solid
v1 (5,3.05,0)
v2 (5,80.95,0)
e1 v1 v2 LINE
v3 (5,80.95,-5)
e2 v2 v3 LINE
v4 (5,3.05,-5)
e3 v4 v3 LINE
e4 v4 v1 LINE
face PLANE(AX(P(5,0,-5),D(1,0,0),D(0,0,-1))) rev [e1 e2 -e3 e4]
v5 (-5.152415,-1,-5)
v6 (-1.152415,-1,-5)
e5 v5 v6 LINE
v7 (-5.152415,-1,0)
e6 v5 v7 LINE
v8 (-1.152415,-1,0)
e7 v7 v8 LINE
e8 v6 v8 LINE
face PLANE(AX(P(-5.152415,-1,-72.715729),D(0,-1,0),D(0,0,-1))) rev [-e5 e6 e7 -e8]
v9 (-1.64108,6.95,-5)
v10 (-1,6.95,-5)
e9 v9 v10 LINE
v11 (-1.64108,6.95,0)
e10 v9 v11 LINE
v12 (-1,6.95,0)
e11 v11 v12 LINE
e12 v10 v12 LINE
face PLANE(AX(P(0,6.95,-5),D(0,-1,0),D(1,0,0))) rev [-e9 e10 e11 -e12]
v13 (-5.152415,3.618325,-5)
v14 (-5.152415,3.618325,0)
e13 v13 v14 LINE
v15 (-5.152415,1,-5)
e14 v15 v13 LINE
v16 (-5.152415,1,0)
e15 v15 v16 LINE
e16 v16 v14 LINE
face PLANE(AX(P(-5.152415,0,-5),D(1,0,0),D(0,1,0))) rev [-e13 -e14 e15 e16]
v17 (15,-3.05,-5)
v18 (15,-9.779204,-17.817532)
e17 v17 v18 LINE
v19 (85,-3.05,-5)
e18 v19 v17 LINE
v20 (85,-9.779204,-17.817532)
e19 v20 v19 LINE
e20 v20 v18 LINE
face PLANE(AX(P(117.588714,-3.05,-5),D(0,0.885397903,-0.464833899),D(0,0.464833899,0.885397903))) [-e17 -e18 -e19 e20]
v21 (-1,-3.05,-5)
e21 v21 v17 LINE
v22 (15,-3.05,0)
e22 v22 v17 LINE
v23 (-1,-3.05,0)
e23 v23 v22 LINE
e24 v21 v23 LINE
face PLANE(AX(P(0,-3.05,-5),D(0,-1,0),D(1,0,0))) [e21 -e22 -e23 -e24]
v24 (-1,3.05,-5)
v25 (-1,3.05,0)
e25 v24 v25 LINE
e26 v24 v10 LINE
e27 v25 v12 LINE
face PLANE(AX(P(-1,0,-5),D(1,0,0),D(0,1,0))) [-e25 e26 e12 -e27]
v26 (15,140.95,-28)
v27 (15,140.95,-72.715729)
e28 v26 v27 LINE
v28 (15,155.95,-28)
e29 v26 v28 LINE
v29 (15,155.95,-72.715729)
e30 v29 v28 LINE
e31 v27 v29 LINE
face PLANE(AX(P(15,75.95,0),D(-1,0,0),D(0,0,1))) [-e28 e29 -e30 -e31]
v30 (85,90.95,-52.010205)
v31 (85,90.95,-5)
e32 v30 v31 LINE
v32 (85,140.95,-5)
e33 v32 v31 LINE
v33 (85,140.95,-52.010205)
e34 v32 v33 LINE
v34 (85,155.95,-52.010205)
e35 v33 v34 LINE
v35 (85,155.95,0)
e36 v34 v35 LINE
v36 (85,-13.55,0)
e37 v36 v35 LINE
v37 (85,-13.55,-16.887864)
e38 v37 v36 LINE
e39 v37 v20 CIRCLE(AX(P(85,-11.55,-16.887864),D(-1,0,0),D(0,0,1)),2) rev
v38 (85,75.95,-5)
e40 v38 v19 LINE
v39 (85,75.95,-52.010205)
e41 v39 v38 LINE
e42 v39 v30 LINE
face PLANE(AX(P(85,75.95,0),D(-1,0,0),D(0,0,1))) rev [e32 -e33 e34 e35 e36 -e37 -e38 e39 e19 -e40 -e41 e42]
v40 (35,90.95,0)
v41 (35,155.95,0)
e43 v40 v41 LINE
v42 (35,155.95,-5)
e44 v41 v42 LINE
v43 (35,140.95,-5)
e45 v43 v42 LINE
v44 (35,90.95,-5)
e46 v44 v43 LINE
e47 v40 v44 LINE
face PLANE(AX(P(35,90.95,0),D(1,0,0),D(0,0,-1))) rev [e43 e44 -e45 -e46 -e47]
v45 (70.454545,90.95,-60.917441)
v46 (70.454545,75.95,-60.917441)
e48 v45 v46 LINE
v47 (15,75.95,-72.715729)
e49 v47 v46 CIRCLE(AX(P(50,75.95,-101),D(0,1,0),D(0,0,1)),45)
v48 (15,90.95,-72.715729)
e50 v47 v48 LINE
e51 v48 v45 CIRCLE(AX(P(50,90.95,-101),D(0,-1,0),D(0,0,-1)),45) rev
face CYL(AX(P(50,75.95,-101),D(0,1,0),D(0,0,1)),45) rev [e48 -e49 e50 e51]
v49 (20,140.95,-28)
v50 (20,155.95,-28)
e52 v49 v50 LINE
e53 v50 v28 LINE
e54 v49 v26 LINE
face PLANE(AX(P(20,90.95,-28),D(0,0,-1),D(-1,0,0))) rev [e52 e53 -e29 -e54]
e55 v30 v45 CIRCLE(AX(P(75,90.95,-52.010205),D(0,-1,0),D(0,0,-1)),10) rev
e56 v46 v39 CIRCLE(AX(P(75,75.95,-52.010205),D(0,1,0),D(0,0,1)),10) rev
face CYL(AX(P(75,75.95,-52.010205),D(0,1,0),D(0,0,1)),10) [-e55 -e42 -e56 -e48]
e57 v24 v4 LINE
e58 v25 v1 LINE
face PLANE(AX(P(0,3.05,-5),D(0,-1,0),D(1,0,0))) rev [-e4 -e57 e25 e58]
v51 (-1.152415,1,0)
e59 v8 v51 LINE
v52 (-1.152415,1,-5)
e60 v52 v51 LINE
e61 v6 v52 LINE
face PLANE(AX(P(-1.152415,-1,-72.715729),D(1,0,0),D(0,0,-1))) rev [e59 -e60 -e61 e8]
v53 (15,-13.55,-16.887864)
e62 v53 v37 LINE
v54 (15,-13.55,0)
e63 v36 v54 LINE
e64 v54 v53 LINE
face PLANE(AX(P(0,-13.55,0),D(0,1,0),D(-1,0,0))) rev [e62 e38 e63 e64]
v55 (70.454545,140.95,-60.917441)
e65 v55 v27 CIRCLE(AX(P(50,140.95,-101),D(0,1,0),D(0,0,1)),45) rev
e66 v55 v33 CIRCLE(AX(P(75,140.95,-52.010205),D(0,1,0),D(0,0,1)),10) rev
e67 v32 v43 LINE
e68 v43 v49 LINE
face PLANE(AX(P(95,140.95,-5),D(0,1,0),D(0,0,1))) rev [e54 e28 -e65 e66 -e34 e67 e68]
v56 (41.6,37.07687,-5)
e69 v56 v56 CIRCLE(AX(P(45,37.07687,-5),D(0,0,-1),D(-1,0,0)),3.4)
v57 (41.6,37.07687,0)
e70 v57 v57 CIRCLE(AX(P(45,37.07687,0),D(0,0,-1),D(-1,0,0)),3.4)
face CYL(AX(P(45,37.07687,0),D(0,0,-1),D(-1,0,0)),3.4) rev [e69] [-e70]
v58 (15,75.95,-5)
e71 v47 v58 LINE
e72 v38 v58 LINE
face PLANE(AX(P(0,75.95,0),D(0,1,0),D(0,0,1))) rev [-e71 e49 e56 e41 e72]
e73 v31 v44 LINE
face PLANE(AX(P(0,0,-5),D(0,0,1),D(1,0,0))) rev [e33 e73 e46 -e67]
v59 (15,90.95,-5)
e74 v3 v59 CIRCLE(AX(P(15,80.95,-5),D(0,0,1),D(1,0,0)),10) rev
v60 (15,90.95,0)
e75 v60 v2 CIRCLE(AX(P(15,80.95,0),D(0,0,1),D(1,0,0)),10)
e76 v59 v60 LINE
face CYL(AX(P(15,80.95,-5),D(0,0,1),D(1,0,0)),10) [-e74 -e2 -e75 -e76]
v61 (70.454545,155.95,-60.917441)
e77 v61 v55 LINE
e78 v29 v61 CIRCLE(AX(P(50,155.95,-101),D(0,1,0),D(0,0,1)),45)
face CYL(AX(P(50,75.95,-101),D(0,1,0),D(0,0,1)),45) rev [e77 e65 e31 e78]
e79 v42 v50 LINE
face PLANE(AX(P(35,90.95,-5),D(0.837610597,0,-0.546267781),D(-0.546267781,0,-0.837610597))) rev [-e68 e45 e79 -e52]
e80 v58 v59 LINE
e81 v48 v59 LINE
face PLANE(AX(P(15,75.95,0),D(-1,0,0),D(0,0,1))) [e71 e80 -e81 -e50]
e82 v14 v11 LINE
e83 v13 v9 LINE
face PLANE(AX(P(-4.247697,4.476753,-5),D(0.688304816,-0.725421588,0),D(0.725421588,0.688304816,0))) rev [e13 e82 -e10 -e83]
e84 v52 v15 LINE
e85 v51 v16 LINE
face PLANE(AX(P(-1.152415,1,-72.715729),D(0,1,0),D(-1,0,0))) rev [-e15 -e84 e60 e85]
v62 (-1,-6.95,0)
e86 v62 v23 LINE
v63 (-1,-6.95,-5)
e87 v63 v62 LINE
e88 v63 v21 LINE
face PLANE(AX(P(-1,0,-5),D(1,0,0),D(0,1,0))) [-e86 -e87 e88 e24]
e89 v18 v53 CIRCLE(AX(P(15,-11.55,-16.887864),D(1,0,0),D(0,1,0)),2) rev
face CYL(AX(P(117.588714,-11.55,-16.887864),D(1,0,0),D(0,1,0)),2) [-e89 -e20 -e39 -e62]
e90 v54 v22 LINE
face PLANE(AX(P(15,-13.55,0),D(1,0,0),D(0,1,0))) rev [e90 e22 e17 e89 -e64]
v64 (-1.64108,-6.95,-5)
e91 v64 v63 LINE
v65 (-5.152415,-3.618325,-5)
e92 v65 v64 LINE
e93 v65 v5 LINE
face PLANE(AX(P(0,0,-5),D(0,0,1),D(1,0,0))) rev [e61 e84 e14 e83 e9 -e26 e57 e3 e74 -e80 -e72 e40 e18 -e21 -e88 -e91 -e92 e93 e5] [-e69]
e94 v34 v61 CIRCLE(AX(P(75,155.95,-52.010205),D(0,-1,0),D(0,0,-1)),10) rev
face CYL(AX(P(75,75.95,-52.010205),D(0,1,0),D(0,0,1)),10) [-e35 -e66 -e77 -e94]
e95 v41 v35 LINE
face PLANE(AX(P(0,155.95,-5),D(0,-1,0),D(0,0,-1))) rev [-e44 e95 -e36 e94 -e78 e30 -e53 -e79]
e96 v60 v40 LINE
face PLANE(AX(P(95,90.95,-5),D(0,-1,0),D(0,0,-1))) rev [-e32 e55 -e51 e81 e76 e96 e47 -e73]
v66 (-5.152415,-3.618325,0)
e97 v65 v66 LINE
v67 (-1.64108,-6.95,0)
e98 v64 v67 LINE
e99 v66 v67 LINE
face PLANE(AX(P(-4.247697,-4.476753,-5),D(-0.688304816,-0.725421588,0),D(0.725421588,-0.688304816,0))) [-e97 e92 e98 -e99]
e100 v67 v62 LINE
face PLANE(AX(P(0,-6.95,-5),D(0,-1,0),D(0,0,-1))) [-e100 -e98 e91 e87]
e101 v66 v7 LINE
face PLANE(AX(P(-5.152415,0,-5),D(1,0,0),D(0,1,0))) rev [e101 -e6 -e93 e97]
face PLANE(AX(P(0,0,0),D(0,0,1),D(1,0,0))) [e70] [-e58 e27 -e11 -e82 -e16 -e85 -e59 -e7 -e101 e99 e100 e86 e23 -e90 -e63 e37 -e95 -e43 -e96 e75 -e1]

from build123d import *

# Parameters (mm, degrees)
BOSS_EXTRUDE1_DEPTH = 5
BOSS_EXTRUDE2_DEPTH = 80
SKETCH4_W           = 4
SKETCH4_H           = 2
CUT_EXTRUDE1_DEPTH  = 73.715728753
SKETCH5_W           = 67.715728753
SKETCH5_H           = 50
CUT_EXTRUDE2_DEPTH  = 81
CUT_EXTRUDE3_DEPTH  = 65
SKETCH7_W           = 80
SKETCH7_H           = 5
BOSS_EXTRUDE3_DEPTH = 10.5
BOSS_EXTRUDE4_DEPTH = 80
FILLET1_R           = 2
FILLET2_R           = 10
CUT_EXTRUDE4_DEPTH  = 170.5
FILLET3_R           = 10
SKETCH10_R          = 3.4
CUT_EXTRUDE5_DEPTH  = 6


with BuildPart() as part:
    # Sketch2 → Boss-Extrude1 (new body)
    with BuildSketch(Plane.XY):
        Polygon((-5.152414984, 3.618325464), (-5.152414984, -3.618325464), (-1.641080211, -6.95), (-1, -6.95), (-1, -3.05), (95, -3.05), (95, 155.95), (5, 155.95), (5, 3.05), (-1, 3.05), (-1, 6.95), (-1.641080211, 6.95), align=None)
    extrude(amount=-BOSS_EXTRUDE1_DEPTH)

    # Sketch3 → Boss-Extrude2 (add)
    with BuildSketch(Plane(origin=(0, 155.95, 0), x_dir=(1, 0, 0), z_dir=(0, 1, 0))):
        with BuildLine():
            ThreePointArc((85, 72.715728753), (50, 56), (15, 72.715728753))
            Line((15, 72.715728753), (15, 5))
            Line((15, 5), (85, 5))
            Line((85, 5), (85, 72.715728753))
        make_face()
    extrude(amount=-BOSS_EXTRUDE2_DEPTH)

    # Sketch4 → Cut-Extrude1 (cut, through all)
    with BuildSketch(Plane.XY):
        with Locations((-3.152414984, 0)):
            Rectangle(SKETCH4_W, SKETCH4_H)
    extrude(amount=-CUT_EXTRUDE1_DEPTH, mode=Mode.SUBTRACT)

    # Sketch5 → Cut-Extrude2 (cut, through all)
    with BuildSketch(Plane.ZY.offset(-15)):
        with Locations((-38.857864377, 115.95)):
            Rectangle(SKETCH5_W, SKETCH5_H)
    extrude(amount=-CUT_EXTRUDE2_DEPTH, mode=Mode.SUBTRACT)

    # Sketch6 → Cut-Extrude3 (cut)
    with BuildSketch(Plane(origin=(0, 155.95, 0), x_dir=(1, 0, 0), z_dir=(0, 1, 0))):
        Polygon((35, 0), (35, 5), (20, 28), (15, 28), (15, 5), (5, 5), (5, 0), align=None)
    extrude(amount=-CUT_EXTRUDE3_DEPTH, mode=Mode.SUBTRACT)

    # Sketch7 → Boss-Extrude3 (add)
    with BuildSketch(Plane.XZ.offset(3.05)):
        with Locations((55, -2.5)):
            Rectangle(SKETCH7_W, SKETCH7_H)
    extrude(amount=BOSS_EXTRUDE3_DEPTH)

    # Sketch8 → Boss-Extrude4 (add)
    with BuildSketch(Plane.ZY.offset(-15)):
        Polygon((-5, -3.05), (-25, -13.55), (-5, -13.55), align=None)
    extrude(amount=-BOSS_EXTRUDE4_DEPTH)

    # Fillet1
    fillet1_edges = [part.edges().sort_by_distance(p)[0] for p in [
        (55, -13.55, -25),
    ]]
    fillet(fillet1_edges, radius=FILLET1_R)

    # Fillet2
    fillet2_edges = [part.edges().sort_by_distance(p)[0] for p in [
        (5, 90.95, -2.5),
    ]]
    fillet(fillet2_edges, radius=FILLET2_R)

    # Sketch9 → Cut-Extrude4 (cut, through all)
    with BuildSketch(Plane(origin=(0, 155.95, 0), x_dir=(1, 0, 0), z_dir=(0, 1, 0))):
        Polygon((85, 5), (85, 0), (95, 0), (95, 72.715728753), (85, 72.715728753), align=None)
    extrude(amount=-CUT_EXTRUDE4_DEPTH, mode=Mode.SUBTRACT)

    # Fillet3
    fillet3_edges = [part.edges().sort_by_distance(p)[0] for p in [
        (85, 83.45, -72.715728753),
        (85, 148.45, -72.715728753),
    ]]
    fillet(fillet3_edges, radius=FILLET3_R)

    # Sketch10 → Cut-Extrude5 (cut, through all)
    with BuildSketch(Plane(origin=(0, 0, -5), x_dir=(-1, 0, 0), z_dir=(0, 0, -1))):
        with Locations((-45, 37.07686976)):
            Circle(SKETCH10_R)
    extrude(amount=-CUT_EXTRUDE5_DEPTH, mode=Mode.SUBTRACT)


solid = part.part
